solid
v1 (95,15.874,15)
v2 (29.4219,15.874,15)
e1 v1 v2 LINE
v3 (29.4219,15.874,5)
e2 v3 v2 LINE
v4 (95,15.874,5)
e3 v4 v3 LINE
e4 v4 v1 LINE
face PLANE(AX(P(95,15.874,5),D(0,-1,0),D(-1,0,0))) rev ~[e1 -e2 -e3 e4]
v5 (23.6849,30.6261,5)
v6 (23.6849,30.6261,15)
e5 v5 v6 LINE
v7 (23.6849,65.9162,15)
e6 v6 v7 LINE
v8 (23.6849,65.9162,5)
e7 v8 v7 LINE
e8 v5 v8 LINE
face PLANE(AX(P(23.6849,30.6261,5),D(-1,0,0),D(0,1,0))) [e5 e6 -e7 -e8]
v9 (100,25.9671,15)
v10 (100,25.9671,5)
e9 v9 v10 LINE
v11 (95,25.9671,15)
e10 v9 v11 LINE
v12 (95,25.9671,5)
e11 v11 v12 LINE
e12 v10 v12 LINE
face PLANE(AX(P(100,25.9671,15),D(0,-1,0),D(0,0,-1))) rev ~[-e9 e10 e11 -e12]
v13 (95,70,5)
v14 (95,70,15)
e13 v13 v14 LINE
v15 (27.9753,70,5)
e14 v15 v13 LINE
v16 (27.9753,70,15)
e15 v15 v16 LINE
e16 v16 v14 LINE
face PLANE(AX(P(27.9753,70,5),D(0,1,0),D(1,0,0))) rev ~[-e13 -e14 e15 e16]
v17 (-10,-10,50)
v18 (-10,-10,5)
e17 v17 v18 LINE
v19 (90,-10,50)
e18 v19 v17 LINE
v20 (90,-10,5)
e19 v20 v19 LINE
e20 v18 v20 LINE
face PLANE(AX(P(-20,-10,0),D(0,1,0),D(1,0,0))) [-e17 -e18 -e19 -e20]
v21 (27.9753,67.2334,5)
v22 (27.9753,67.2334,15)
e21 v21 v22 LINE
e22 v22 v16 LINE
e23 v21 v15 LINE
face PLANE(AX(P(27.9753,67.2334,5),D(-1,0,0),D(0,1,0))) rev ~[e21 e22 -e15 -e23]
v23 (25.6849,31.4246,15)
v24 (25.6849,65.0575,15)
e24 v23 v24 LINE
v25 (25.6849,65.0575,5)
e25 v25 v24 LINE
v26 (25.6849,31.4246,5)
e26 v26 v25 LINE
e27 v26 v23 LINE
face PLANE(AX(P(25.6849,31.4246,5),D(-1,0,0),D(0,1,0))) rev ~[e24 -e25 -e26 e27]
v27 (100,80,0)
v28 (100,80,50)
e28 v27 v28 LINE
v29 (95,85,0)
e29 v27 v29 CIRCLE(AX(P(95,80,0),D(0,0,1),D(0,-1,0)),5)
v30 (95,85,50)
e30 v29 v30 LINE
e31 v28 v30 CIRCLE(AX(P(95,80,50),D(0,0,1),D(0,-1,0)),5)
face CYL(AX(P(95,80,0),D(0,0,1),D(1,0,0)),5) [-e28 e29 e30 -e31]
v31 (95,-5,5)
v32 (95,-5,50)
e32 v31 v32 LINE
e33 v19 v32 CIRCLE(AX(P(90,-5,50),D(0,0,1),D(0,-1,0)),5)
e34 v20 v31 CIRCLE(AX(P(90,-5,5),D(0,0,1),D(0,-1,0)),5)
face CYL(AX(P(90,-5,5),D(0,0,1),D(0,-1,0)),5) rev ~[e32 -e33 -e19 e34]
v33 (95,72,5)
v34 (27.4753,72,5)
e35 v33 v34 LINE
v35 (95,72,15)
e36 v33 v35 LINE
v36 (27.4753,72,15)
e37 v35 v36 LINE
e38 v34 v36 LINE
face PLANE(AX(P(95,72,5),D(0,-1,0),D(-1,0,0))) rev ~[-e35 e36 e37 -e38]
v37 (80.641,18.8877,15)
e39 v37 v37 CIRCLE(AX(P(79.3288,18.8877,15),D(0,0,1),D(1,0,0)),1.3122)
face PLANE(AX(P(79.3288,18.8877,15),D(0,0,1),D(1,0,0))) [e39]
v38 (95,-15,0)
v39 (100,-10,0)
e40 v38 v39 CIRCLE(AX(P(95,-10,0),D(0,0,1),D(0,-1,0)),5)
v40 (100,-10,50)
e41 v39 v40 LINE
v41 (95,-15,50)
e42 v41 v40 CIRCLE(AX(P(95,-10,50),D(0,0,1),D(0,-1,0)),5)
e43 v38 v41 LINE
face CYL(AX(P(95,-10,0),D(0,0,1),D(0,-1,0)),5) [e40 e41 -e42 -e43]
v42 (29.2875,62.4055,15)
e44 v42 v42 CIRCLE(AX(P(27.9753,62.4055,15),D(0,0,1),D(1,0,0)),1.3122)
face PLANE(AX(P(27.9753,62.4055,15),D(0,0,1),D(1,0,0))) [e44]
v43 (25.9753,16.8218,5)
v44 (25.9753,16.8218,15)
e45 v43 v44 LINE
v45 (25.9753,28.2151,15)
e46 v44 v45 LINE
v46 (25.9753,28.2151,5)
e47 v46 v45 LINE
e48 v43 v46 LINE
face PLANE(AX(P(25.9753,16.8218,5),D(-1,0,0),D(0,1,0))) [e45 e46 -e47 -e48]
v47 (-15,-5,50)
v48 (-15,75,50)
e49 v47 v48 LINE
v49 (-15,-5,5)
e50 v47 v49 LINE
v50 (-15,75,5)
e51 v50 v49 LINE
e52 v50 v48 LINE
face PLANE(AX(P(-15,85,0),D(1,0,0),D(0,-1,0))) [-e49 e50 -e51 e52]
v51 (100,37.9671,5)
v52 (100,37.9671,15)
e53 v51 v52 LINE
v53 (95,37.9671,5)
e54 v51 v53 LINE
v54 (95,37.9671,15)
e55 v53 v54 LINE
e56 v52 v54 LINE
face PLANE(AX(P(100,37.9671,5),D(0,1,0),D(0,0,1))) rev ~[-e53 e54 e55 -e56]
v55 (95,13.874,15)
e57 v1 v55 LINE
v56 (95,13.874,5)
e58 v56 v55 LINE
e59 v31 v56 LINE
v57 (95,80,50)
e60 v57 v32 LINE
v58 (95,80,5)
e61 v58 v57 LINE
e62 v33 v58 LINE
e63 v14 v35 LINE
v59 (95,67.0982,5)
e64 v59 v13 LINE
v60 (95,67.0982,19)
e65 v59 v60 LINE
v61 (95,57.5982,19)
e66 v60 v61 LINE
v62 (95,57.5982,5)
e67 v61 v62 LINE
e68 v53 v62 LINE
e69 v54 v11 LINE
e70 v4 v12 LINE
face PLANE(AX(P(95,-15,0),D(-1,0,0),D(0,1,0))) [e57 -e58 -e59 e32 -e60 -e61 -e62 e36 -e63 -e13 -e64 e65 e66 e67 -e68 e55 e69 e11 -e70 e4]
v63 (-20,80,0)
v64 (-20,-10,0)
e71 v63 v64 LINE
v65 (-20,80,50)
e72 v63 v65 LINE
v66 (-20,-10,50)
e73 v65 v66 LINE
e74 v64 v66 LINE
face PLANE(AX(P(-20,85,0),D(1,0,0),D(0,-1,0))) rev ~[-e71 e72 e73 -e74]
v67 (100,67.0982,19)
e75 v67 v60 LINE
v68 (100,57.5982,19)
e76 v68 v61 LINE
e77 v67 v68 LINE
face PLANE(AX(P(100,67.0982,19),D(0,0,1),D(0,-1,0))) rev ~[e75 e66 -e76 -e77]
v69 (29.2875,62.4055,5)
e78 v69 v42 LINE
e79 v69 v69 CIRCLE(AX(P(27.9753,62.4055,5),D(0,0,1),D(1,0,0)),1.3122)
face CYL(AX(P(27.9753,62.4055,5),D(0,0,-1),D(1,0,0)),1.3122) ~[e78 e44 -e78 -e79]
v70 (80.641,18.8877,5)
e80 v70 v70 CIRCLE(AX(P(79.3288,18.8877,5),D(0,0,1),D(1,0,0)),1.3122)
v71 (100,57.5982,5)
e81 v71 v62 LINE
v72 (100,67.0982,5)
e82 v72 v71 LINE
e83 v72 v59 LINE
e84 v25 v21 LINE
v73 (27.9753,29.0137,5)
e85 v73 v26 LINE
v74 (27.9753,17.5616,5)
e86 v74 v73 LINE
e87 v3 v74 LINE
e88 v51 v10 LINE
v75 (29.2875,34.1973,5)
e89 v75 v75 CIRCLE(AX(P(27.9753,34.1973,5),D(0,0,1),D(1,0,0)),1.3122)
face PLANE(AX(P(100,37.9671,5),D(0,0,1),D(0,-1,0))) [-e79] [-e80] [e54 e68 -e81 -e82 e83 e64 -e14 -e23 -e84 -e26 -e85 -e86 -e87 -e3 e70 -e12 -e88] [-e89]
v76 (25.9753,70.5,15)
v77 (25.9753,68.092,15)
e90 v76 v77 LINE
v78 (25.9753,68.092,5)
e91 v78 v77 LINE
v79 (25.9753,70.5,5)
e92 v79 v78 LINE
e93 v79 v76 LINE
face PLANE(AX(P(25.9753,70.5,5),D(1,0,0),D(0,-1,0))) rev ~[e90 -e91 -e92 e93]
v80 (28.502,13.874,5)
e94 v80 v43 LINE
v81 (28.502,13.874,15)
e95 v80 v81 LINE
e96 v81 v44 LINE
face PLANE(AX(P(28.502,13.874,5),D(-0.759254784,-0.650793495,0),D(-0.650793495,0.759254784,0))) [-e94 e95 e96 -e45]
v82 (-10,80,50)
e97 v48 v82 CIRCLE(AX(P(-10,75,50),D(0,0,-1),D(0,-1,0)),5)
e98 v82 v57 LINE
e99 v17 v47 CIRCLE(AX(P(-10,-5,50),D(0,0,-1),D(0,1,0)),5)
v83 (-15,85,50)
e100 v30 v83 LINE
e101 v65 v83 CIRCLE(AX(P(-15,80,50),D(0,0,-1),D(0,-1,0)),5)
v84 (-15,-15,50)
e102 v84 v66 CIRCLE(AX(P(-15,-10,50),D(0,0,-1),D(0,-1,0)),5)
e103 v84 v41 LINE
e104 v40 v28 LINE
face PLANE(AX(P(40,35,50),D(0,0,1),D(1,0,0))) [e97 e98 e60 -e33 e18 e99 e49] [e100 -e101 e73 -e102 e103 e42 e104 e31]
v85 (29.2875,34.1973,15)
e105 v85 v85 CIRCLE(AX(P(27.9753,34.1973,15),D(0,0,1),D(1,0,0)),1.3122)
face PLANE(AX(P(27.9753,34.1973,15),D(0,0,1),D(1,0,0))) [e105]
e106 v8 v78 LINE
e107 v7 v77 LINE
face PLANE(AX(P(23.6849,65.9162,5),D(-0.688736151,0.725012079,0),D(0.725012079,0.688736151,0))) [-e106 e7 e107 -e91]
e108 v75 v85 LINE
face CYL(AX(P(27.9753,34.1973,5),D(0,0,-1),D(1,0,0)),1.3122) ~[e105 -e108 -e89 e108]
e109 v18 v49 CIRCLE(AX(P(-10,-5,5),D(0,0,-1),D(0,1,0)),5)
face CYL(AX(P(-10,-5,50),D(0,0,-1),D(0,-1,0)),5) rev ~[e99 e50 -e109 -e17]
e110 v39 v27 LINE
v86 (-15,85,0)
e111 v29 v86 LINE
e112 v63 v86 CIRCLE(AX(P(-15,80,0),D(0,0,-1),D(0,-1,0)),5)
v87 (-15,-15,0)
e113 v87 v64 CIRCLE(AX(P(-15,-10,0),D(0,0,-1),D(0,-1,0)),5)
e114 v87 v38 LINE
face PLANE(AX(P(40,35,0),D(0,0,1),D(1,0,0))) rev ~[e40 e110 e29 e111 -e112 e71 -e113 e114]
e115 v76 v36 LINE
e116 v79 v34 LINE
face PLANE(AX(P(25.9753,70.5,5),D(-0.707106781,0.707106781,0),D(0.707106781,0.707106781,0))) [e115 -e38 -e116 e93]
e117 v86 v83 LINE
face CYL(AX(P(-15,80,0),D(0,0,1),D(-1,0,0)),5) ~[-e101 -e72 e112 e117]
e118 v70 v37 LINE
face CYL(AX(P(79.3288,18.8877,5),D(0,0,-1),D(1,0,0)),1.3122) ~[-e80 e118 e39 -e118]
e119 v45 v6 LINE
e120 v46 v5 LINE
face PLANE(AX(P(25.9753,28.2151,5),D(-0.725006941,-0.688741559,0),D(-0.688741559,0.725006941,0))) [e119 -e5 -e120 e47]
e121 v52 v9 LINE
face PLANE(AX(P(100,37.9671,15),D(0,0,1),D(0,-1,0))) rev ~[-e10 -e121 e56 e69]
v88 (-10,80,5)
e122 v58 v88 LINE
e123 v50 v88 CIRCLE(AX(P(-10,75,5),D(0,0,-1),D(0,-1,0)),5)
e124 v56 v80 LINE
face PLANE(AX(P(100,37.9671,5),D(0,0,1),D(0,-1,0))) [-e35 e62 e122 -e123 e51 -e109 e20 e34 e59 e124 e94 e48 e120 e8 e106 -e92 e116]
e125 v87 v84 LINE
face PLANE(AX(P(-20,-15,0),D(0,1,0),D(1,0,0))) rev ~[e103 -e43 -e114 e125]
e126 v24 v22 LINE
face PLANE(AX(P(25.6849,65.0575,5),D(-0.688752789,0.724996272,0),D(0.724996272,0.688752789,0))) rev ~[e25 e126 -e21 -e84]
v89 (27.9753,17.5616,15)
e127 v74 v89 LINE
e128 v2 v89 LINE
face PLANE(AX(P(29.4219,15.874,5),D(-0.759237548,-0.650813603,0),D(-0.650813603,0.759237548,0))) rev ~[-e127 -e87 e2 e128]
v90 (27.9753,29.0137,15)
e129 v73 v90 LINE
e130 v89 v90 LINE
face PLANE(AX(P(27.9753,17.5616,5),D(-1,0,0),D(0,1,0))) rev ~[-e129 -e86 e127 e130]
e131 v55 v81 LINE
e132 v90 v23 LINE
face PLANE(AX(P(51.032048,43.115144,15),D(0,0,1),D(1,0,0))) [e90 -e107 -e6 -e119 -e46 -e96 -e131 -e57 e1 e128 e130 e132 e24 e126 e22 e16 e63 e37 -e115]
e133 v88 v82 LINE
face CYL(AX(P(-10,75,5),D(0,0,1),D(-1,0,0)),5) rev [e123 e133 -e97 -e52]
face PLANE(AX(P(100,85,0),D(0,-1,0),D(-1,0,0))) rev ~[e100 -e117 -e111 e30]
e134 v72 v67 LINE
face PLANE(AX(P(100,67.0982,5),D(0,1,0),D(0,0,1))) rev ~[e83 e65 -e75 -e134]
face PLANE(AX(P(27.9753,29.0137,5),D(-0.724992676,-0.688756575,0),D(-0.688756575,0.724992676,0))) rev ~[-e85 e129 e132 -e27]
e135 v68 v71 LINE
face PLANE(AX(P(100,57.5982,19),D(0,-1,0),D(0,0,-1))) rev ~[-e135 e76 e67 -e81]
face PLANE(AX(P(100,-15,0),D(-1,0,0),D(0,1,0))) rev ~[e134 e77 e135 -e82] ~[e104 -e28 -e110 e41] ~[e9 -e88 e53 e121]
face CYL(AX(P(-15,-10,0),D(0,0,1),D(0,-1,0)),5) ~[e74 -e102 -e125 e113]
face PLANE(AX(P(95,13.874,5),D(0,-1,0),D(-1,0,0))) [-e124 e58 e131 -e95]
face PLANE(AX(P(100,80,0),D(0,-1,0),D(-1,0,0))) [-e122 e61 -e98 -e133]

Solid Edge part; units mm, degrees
sketch "Sketch1" plane through (0, 0, 0) normal (0, 0, 1) x (1, 0, 0)
  line L0 (-20, -15) -> (100, -15)
  line L1 (100, -15) -> (100, 85)
  line L2 (100, 85) -> (-20, 85)
  line L3 (-20, 85) -> (-20, -15)
  dimension "D1" = 85
  dimension "D2" = 100
  dimension "D3" = 100
  dimension "D4" = 120
extrude "Protrusion1" add sketch "Sketch1" along normal blind 50
shell "Parede" thickness 5 removed faces 1 at (-1.2, 2.6667, 50)
sketch "Sketch2" plane through (100, 0, 50) normal (1, 0, 0) x (0, 0, -1)
  line L0 (45, 67.0982) -> (31, 67.0982)
  line L1 (31, 67.0982) -> (31, 57.5982)
  line L2 (31, 57.5982) -> (45, 57.5982)
  line L3 (45, 67.0982) -> (45, 57.5982)
  line L4 (45, 37.9671) -> (45, 25.9671)
  line L5 (35, 25.9671) -> (45, 25.9671)
  line L6 (35, 37.9671) -> (35, 25.9671)
  line L7 (45, 37.9671) -> (35, 37.9671)
extrude "Cutout1" cut sketch "Sketch2" against normal up to next
sketch "Sketch3" plane through (2.5, 0, 5) normal (0, 0, 1) x (1, 0, 0)
  line L0 (25.4753, 67.2334) -> (25.4753, 70)
  line L1 (25.4753, 70) -> (92.5, 70)
  line L2 (92.5, 70) -> (92.5, 72)
  line L3 (92.5, 72) -> (24.9753, 72)
  line L4 (23.4753, 70.5) -> (24.9753, 72)
  line L5 (23.4753, 70.5) -> (23.4753, 68.092)
  line L6 (21.1849, 65.9162) -> (23.4753, 68.092)
  line L7 (21.1849, 30.6261) -> (21.1849, 65.9162)
  line L8 (23.4753, 28.2151) -> (21.1849, 30.6261)
  line L9 (23.4753, 16.8218) -> (23.4753, 28.2151)
  line L10 (26.002, 13.874) -> (23.4753, 16.8218)
  line L11 (92.5, 13.874) -> (26.002, 13.874)
  line L12 (92.5, 15.874) -> (92.5, 13.874)
  line L13 (92.5, 15.874) -> (26.9219, 15.874)
  line L14 (26.9219, 15.874) -> (25.4753, 17.5616)
  line L15 (25.4753, 17.5616) -> (25.4753, 29.0137)
  line L16 (25.4753, 29.0137) -> (23.1849, 31.4246)
  line L17 (23.1849, 31.4246) -> (23.1849, 65.0575)
  line L18 (23.1849, 65.0575) -> (25.4753, 67.2334)
  circle A0 centre (25.4753, 62.4055) radius 1.3122
  circle A1 centre (25.4753, 34.1973) radius 1.3122
  circle A2 centre (76.8288, 18.8877) radius 1.3122
  dimension "D1" = 2
extrude "Parede_Arduino" add sketch "Sketch3" along normal blind 10
fillet "Round_1" radius 5 7 edges at (-20, -15, 25) (100, -15, 25) (100, 85, 25) (-20, 85, 25) (-15, -10, 27.5) (-15, 80, 27.5) (95, -10, 27.5)
